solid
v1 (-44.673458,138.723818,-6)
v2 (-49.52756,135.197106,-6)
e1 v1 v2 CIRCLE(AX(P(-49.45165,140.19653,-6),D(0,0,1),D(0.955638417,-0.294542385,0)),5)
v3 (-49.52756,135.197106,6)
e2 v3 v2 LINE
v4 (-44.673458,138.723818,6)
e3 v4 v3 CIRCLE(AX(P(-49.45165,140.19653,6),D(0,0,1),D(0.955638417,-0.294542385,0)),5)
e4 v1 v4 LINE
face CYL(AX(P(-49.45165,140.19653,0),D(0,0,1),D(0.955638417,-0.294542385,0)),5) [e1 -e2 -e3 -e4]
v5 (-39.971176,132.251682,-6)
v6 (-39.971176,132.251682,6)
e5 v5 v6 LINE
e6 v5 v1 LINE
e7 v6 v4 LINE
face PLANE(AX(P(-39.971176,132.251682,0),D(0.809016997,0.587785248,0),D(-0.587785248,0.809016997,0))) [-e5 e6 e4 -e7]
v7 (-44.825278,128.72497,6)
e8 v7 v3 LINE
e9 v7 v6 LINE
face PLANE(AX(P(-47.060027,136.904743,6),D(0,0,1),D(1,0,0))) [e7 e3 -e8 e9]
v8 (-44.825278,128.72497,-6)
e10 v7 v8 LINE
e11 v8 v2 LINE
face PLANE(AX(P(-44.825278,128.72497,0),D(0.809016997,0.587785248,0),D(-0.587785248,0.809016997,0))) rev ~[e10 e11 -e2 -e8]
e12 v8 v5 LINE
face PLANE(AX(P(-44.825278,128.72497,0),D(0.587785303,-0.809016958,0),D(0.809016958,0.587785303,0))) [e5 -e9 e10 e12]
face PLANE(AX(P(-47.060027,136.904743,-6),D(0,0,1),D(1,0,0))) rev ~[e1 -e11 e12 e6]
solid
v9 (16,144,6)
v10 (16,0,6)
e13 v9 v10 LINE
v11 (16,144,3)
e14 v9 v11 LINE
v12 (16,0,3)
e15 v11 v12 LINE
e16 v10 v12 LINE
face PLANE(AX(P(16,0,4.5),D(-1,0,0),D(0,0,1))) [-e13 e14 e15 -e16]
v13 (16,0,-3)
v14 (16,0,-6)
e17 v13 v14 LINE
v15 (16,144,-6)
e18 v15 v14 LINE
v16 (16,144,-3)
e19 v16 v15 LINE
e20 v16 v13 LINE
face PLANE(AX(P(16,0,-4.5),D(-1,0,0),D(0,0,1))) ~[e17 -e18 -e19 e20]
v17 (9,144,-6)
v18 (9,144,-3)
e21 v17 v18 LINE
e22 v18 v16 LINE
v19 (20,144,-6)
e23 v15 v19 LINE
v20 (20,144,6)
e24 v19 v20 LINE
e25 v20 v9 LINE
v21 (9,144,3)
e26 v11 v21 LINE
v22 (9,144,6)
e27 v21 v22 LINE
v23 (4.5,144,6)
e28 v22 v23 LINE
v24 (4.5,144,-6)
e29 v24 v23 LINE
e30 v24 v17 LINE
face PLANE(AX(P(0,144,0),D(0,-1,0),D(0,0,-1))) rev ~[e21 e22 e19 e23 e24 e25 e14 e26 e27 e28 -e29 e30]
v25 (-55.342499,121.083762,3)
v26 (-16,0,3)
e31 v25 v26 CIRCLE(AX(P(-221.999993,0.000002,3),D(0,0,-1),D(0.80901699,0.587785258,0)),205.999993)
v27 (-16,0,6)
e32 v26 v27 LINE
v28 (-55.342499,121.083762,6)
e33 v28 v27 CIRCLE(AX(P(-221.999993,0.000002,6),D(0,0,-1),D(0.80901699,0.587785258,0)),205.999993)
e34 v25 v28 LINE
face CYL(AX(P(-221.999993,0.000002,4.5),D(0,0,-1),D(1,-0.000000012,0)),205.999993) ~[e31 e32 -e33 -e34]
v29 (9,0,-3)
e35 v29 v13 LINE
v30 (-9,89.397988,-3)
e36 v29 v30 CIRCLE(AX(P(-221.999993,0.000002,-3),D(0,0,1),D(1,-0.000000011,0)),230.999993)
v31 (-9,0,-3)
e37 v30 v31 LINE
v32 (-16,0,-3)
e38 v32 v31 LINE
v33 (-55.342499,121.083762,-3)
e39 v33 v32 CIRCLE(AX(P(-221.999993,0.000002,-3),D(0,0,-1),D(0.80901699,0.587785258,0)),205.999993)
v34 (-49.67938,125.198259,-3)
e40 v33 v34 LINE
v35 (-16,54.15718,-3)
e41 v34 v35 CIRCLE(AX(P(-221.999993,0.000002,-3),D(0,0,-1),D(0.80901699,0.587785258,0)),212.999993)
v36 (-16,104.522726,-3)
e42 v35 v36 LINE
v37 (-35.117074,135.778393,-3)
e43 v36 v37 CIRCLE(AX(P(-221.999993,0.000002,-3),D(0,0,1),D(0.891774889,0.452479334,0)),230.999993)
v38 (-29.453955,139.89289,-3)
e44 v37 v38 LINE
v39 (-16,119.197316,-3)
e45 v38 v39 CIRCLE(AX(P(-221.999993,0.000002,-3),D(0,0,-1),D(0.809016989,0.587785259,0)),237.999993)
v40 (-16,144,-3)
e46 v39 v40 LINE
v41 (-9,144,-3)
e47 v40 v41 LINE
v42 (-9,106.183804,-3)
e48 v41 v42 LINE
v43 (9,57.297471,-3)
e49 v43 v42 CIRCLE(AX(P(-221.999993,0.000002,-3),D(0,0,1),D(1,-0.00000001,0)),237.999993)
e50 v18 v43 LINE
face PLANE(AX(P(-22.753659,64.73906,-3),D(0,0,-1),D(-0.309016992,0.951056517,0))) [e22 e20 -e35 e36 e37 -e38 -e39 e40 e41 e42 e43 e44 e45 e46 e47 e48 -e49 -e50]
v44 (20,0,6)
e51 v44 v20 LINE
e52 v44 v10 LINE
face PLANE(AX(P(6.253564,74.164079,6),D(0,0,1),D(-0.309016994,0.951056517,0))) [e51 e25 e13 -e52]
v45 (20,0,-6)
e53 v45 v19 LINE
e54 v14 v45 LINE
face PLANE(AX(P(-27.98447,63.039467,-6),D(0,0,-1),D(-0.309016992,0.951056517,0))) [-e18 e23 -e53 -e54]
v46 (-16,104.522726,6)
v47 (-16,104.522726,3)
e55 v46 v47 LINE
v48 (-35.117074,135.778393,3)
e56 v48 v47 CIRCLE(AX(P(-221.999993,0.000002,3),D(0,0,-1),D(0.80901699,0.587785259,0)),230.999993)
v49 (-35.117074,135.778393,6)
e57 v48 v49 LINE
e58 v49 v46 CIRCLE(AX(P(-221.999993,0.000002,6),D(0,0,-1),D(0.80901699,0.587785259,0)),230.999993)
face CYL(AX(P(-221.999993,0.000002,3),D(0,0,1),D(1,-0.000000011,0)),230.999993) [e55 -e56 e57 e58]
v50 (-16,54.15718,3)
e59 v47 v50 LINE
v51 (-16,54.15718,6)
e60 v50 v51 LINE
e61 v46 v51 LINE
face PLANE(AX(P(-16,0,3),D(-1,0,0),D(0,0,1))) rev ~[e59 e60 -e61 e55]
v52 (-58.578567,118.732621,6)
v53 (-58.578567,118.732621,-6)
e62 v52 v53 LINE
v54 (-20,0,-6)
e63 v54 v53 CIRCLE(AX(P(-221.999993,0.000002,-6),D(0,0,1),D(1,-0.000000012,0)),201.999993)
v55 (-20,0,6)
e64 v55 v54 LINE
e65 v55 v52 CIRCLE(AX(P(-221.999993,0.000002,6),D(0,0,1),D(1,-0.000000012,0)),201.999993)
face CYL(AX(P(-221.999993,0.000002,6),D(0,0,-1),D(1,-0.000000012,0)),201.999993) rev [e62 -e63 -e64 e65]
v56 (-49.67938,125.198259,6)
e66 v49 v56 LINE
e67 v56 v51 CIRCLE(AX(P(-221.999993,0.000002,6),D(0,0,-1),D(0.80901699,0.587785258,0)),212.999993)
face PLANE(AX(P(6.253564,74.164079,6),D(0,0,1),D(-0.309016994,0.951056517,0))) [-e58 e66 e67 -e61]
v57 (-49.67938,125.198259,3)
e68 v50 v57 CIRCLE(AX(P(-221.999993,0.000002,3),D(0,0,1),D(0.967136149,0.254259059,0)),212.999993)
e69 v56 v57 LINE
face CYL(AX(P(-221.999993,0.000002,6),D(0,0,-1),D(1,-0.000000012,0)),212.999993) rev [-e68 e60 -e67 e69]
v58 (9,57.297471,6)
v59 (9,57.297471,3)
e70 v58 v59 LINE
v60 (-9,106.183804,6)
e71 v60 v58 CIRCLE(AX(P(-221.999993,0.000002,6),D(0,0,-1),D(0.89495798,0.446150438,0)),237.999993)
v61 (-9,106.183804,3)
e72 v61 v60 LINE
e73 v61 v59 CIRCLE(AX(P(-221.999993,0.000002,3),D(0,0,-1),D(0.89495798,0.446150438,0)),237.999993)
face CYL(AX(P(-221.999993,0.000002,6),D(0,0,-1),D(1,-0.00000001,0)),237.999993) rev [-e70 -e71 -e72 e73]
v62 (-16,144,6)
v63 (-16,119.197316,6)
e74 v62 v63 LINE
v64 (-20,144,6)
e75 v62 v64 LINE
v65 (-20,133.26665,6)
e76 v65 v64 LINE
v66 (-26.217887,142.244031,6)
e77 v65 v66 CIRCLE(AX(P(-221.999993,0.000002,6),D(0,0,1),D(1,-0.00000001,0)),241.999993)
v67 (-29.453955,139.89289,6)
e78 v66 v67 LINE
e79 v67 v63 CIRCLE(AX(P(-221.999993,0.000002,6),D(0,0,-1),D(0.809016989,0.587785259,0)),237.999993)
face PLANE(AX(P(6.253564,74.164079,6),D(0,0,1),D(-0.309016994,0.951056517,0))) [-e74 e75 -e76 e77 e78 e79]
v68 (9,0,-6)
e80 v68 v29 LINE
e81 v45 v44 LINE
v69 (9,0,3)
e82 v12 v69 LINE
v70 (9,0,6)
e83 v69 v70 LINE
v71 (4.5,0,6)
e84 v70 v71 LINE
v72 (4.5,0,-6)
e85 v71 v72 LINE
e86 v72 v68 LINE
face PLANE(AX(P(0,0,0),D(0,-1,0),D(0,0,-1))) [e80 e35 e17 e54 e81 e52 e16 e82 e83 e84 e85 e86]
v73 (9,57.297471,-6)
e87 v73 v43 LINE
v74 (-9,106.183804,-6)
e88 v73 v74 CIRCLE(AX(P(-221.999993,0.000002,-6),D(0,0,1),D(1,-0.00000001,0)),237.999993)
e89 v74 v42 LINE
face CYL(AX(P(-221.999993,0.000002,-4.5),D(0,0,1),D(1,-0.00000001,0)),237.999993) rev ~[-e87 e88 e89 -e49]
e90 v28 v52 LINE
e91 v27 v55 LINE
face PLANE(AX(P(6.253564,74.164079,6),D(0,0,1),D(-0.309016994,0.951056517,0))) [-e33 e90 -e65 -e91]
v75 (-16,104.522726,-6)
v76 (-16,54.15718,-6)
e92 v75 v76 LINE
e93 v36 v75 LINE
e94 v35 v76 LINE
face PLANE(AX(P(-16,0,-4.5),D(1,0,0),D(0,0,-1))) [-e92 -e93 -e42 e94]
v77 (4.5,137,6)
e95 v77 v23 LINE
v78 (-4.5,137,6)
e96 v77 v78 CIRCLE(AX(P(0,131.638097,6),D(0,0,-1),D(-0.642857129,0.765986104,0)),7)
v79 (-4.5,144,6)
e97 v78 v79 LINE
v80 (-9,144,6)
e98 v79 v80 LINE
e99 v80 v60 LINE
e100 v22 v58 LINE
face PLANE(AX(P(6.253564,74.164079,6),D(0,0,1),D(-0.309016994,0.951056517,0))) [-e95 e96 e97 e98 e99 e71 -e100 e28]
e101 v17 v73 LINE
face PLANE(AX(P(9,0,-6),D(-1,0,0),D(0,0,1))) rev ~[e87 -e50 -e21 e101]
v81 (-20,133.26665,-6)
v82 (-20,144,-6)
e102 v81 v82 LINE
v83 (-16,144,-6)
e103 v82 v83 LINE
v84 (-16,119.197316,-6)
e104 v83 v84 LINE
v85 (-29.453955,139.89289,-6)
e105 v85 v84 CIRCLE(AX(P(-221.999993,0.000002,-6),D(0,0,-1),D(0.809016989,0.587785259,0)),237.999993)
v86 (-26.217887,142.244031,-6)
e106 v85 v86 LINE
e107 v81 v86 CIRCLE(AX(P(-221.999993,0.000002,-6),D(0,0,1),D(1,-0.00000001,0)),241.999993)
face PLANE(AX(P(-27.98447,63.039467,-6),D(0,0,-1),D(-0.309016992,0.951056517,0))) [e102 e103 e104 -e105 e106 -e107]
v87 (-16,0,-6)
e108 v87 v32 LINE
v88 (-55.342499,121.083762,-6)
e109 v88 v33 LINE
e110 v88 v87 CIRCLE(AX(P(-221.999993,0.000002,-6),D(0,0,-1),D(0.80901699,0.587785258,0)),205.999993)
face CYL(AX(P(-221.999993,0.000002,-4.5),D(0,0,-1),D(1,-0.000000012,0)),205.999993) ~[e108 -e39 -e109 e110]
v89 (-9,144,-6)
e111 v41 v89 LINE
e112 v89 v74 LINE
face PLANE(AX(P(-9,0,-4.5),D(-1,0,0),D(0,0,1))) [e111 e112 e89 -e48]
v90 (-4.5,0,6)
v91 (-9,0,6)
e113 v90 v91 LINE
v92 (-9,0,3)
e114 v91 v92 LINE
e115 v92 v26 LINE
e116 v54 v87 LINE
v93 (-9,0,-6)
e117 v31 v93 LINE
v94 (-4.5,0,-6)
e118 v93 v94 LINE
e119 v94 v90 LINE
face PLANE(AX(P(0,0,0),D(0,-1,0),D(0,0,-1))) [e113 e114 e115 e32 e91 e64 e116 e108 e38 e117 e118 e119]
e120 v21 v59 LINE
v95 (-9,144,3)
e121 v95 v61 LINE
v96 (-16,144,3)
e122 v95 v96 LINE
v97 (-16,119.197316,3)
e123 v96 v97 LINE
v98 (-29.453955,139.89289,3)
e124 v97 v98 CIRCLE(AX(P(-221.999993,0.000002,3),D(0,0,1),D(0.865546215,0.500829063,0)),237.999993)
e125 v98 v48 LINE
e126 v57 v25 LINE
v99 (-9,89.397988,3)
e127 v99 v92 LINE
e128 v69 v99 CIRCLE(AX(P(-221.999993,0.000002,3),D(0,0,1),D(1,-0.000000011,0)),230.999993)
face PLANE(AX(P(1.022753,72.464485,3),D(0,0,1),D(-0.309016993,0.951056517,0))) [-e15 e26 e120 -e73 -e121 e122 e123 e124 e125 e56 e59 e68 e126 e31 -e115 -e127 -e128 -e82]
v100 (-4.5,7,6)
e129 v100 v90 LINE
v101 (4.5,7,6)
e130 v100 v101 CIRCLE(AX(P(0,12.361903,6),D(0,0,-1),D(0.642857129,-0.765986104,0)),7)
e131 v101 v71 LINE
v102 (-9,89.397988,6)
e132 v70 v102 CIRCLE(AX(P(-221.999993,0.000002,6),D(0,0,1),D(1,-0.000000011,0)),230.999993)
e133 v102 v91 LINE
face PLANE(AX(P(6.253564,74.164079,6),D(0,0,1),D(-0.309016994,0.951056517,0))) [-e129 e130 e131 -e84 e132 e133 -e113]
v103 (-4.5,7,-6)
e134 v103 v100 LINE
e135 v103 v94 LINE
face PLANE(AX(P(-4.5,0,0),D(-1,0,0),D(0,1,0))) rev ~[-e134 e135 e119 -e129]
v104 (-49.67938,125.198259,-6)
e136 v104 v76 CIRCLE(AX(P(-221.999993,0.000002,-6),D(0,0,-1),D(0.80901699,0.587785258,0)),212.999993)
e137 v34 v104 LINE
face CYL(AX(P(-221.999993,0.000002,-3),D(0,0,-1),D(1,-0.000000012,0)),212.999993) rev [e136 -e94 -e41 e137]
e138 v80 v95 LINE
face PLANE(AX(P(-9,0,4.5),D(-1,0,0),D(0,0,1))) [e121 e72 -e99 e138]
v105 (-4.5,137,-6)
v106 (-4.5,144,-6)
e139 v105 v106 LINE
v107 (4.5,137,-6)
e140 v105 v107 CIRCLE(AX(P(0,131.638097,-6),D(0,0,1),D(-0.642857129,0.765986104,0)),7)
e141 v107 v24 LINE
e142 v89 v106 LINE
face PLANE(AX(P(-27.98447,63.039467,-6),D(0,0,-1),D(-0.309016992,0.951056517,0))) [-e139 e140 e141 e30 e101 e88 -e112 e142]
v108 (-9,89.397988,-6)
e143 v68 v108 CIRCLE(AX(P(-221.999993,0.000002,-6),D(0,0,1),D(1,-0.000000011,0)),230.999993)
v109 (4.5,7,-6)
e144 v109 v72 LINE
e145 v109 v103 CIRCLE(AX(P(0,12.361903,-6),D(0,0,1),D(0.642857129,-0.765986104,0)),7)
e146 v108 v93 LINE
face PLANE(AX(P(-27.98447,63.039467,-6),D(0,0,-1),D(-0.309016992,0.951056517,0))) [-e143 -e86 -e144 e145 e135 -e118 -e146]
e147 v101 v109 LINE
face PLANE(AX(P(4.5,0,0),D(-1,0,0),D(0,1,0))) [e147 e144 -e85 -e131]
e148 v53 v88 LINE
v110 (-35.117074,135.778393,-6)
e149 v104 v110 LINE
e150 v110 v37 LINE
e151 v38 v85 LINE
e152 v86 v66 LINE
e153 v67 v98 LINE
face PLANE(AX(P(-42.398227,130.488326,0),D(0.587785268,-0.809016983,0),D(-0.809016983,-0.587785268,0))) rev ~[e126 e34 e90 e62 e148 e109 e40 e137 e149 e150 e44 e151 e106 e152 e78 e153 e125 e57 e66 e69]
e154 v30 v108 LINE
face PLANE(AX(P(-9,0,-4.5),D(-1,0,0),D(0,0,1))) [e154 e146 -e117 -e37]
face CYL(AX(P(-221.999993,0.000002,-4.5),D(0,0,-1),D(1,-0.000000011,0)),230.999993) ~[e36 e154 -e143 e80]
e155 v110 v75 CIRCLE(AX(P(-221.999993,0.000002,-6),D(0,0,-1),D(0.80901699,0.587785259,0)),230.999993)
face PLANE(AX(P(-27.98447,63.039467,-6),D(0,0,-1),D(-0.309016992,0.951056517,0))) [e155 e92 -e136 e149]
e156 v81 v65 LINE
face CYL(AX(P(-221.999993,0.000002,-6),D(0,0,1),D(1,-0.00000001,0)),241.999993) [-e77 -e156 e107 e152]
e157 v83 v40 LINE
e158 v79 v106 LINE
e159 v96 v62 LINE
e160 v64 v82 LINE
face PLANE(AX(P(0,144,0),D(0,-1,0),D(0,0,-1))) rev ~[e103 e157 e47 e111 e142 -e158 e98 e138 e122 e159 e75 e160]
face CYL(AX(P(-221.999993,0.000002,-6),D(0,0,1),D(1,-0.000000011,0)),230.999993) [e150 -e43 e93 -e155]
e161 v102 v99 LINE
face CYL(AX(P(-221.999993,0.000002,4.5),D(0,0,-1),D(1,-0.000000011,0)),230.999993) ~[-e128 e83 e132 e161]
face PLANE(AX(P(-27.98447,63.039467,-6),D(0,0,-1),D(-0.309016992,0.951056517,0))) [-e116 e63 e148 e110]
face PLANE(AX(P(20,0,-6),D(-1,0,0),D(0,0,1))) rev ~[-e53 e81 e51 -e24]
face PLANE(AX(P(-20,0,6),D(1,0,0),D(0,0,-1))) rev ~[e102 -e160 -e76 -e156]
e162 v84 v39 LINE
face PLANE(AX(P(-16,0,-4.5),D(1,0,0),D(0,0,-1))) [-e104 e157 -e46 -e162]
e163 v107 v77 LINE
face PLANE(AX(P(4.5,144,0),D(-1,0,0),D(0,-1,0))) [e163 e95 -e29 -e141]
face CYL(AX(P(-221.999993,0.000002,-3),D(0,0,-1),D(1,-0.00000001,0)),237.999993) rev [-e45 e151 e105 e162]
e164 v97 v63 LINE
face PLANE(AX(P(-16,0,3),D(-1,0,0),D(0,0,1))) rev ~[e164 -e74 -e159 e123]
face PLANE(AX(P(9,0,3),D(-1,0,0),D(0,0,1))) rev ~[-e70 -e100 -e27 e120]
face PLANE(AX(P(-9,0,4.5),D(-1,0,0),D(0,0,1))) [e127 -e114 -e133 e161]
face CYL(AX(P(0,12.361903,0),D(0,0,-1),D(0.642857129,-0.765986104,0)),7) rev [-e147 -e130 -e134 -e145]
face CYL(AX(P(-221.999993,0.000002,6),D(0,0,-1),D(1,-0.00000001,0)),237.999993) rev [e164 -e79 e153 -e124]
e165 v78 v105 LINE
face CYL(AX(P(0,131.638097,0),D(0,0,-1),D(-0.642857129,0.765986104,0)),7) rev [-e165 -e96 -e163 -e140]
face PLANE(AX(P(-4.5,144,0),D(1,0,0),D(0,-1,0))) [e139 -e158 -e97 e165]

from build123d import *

# Parameters (mm, degrees)
SKETCH004_W          = 7
SKETCH004_H          = 3
SKETCH005_W          = 7
SKETCH005_H          = 3
SKETCH009_W          = 7
SKETCH009_H          = 3
SKETCH010_W          = 7
SKETCH010_H          = 3
POCKET_DEPTH         = 6.001
POCKET_DEPTH_BACK    = -6.001
POCKET001_DEPTH      = 6.001
POCKET001_DEPTH_BACK = -6.001
PAD002_DEPTH         = 6


with BuildPart() as body:
    # AdditivePipe: sweep along a path in Sketch002
    with BuildLine(Plane.XY) as additivepipe_path:
        ThreePointArc((0, 0), (-10.865453, 68.601773), (-42.398227, 130.488326))
    # Sketch → AdditivePipe (sweep)
    with BuildSketch(Plane.XZ):
        Polygon((-20, 6), (-20, -6), (-16, -6), (-16, -3), (-9, -3), (-9, -6), (9, -6), (9, -3), (16, -3), (16, -6), (20, -6), (20, 6), (16, 6), (16, 3), (9, 3), (9, 6), (-9, 6), (-9, 3), (-16, 3), (-16, 6), align=None)
    sweep(path=additivepipe_path.line)

    # AdditivePipe001: sweep along a path in Sketch001
    with BuildLine(Plane.XY) as additivepipe001_path:
        Line((0, 0), (0, 144))
    # Sketch → AdditivePipe001 (sweep)
    with BuildSketch(Plane.XZ):
        Polygon((-20, 6), (-20, -6), (-16, -6), (-16, -3), (-9, -3), (-9, -6), (9, -6), (9, -3), (16, -3), (16, -6), (20, -6), (20, 6), (16, 6), (16, 3), (9, 3), (9, 6), (-9, 6), (-9, 3), (-16, 3), (-16, 6), align=None)
    sweep(path=additivepipe001_path.line)

    # SubtractivePipe: sweep along a path in Sketch001
    with BuildLine(Plane.XY) as subtractivepipe_path:
        Line((0, 0), (0, 144))
    # Sketch004 → SubtractivePipe (sweep, cut)
    with BuildSketch(Plane.XZ):
        with Locations((-12.5, 4.5)):
            Rectangle(SKETCH004_W, SKETCH004_H)
    sweep(path=subtractivepipe_path.line, mode=Mode.SUBTRACT)

    # SubtractivePipe001: sweep along a path in Sketch002
    with BuildLine(Plane.XY) as subtractivepipe001_path:
        ThreePointArc((0, 0), (-10.865453, 68.601773), (-42.398227, 130.488326))
    # Sketch004 → SubtractivePipe001 (sweep, cut)
    with BuildSketch(Plane.XZ):
        with Locations((-12.5, 4.5)):
            Rectangle(SKETCH004_W, SKETCH004_H)
    sweep(path=subtractivepipe001_path.line, mode=Mode.SUBTRACT)

    # SubtractivePipe002: sweep along a path in Sketch002
    with BuildLine(Plane.XY) as subtractivepipe002_path:
        ThreePointArc((0, 0), (-10.865453, 68.601773), (-42.398227, 130.488326))
    # Sketch005 (on Face1 of SubtractivePipe001) → SubtractivePipe002 (sweep, cut)
    with BuildSketch(Plane.XZ):
        with Locations((12.5, 4.5)):
            Rectangle(SKETCH005_W, SKETCH005_H)
    sweep(path=subtractivepipe002_path.line, mode=Mode.SUBTRACT)

    # SubtractivePipe003: sweep along a path in Sketch001
    with BuildLine(Plane.XY) as subtractivepipe003_path:
        Line((0, 0), (0, 144))
    # Sketch005 (on Face1 of SubtractivePipe001) → SubtractivePipe003 (sweep, cut)
    with BuildSketch(Plane.XZ):
        with Locations((12.5, 4.5)):
            Rectangle(SKETCH005_W, SKETCH005_H)
    subtractivepipe003 = sweep(path=subtractivepipe003_path.line, mode=Mode.SUBTRACT)

    # Mirrored: SubtractivePipe003 across XY
    add(subtractivepipe003.mirror(Plane.XY), mode=Mode.SUBTRACT)

    # SubtractivePipe004: sweep along a path in Sketch002
    with BuildLine(Plane.XY) as subtractivepipe004_path:
        ThreePointArc((0, 0), (-10.865453, 68.601773), (-42.398227, 130.488326))
    # Sketch009 → SubtractivePipe004 (sweep, cut)
    with BuildSketch(Plane.XZ):
        with Locations((-12.5, -4.5)):
            Rectangle(SKETCH009_W, SKETCH009_H)
    sweep(path=subtractivepipe004_path.line, mode=Mode.SUBTRACT)

    # SubtractivePipe005: sweep along a path in Sketch001
    with BuildLine(Plane.XY) as subtractivepipe005_path:
        Line((0, 0), (0, 144))
    # Sketch009 → SubtractivePipe005 (sweep, cut)
    with BuildSketch(Plane.XZ):
        with Locations((-12.5, -4.5)):
            Rectangle(SKETCH009_W, SKETCH009_H)
    sweep(path=subtractivepipe005_path.line, mode=Mode.SUBTRACT)

    # SubtractivePipe006: sweep along a path in Sketch002
    with BuildLine(Plane.XY) as subtractivepipe006_path:
        ThreePointArc((0, 0), (-10.865453, 68.601773), (-42.398227, 130.488326))
    # Sketch010 (on Face1 of SubtractivePipe005) → SubtractivePipe006 (sweep, cut)
    with BuildSketch(Plane.XZ):
        with Locations((12.5, -4.5)):
            Rectangle(SKETCH010_W, SKETCH010_H)
    sweep(path=subtractivepipe006_path.line, mode=Mode.SUBTRACT)

    # Sketch013 → Pocket (cut, two sides)
    with BuildSketch(Plane.XY) as pocket_sk:
        with BuildLine():
            Line((-4.5, 144), (4.5, 144))
            Line((4.5, 144), (4.5, 137))
            ThreePointArc((-4.5, 137), (0, 124.638097), (4.5, 137))
            Line((-4.5, 144), (-4.5, 137))
        make_face()
    extrude(amount=-POCKET_DEPTH, mode=Mode.SUBTRACT)
    extrude(pocket_sk.sketch, amount=-POCKET_DEPTH_BACK, mode=Mode.SUBTRACT)

    # Sketch014 → Pocket001 (cut, two sides)
    with BuildSketch(Plane.XY) as pocket001_sk:
        with BuildLine():
            Line((-4.5, 0), (4.5, 0))
            Line((4.5, 0), (4.5, 7))
            ThreePointArc((4.5, 7), (0, 19.361903), (-4.5, 7))
            Line((-4.5, 0), (-4.5, 7))
        make_face()
    extrude(amount=-POCKET001_DEPTH, mode=Mode.SUBTRACT)
    extrude(pocket001_sk.sketch, amount=-POCKET001_DEPTH_BACK, mode=Mode.SUBTRACT)


with BuildPart() as body003:
    # Sketch012 → Pad002 (new body, symmetric)
    with BuildSketch(Plane.XY):
        with BuildLine():
            Line((-44.825278, 128.72497), (-39.971176, 132.251682))
            Line((-39.971176, 132.251682), (-44.673458, 138.723818))
            ThreePointArc((-44.673458, 138.723818), (-52.390577, 144.241615), (-49.52756, 135.197106))
            Line((-44.825278, 128.72497), (-49.52756, 135.197106))
        make_face()
    extrude(amount=PAD002_DEPTH, both=True)


solid = Compound([body.part, body003.part])
